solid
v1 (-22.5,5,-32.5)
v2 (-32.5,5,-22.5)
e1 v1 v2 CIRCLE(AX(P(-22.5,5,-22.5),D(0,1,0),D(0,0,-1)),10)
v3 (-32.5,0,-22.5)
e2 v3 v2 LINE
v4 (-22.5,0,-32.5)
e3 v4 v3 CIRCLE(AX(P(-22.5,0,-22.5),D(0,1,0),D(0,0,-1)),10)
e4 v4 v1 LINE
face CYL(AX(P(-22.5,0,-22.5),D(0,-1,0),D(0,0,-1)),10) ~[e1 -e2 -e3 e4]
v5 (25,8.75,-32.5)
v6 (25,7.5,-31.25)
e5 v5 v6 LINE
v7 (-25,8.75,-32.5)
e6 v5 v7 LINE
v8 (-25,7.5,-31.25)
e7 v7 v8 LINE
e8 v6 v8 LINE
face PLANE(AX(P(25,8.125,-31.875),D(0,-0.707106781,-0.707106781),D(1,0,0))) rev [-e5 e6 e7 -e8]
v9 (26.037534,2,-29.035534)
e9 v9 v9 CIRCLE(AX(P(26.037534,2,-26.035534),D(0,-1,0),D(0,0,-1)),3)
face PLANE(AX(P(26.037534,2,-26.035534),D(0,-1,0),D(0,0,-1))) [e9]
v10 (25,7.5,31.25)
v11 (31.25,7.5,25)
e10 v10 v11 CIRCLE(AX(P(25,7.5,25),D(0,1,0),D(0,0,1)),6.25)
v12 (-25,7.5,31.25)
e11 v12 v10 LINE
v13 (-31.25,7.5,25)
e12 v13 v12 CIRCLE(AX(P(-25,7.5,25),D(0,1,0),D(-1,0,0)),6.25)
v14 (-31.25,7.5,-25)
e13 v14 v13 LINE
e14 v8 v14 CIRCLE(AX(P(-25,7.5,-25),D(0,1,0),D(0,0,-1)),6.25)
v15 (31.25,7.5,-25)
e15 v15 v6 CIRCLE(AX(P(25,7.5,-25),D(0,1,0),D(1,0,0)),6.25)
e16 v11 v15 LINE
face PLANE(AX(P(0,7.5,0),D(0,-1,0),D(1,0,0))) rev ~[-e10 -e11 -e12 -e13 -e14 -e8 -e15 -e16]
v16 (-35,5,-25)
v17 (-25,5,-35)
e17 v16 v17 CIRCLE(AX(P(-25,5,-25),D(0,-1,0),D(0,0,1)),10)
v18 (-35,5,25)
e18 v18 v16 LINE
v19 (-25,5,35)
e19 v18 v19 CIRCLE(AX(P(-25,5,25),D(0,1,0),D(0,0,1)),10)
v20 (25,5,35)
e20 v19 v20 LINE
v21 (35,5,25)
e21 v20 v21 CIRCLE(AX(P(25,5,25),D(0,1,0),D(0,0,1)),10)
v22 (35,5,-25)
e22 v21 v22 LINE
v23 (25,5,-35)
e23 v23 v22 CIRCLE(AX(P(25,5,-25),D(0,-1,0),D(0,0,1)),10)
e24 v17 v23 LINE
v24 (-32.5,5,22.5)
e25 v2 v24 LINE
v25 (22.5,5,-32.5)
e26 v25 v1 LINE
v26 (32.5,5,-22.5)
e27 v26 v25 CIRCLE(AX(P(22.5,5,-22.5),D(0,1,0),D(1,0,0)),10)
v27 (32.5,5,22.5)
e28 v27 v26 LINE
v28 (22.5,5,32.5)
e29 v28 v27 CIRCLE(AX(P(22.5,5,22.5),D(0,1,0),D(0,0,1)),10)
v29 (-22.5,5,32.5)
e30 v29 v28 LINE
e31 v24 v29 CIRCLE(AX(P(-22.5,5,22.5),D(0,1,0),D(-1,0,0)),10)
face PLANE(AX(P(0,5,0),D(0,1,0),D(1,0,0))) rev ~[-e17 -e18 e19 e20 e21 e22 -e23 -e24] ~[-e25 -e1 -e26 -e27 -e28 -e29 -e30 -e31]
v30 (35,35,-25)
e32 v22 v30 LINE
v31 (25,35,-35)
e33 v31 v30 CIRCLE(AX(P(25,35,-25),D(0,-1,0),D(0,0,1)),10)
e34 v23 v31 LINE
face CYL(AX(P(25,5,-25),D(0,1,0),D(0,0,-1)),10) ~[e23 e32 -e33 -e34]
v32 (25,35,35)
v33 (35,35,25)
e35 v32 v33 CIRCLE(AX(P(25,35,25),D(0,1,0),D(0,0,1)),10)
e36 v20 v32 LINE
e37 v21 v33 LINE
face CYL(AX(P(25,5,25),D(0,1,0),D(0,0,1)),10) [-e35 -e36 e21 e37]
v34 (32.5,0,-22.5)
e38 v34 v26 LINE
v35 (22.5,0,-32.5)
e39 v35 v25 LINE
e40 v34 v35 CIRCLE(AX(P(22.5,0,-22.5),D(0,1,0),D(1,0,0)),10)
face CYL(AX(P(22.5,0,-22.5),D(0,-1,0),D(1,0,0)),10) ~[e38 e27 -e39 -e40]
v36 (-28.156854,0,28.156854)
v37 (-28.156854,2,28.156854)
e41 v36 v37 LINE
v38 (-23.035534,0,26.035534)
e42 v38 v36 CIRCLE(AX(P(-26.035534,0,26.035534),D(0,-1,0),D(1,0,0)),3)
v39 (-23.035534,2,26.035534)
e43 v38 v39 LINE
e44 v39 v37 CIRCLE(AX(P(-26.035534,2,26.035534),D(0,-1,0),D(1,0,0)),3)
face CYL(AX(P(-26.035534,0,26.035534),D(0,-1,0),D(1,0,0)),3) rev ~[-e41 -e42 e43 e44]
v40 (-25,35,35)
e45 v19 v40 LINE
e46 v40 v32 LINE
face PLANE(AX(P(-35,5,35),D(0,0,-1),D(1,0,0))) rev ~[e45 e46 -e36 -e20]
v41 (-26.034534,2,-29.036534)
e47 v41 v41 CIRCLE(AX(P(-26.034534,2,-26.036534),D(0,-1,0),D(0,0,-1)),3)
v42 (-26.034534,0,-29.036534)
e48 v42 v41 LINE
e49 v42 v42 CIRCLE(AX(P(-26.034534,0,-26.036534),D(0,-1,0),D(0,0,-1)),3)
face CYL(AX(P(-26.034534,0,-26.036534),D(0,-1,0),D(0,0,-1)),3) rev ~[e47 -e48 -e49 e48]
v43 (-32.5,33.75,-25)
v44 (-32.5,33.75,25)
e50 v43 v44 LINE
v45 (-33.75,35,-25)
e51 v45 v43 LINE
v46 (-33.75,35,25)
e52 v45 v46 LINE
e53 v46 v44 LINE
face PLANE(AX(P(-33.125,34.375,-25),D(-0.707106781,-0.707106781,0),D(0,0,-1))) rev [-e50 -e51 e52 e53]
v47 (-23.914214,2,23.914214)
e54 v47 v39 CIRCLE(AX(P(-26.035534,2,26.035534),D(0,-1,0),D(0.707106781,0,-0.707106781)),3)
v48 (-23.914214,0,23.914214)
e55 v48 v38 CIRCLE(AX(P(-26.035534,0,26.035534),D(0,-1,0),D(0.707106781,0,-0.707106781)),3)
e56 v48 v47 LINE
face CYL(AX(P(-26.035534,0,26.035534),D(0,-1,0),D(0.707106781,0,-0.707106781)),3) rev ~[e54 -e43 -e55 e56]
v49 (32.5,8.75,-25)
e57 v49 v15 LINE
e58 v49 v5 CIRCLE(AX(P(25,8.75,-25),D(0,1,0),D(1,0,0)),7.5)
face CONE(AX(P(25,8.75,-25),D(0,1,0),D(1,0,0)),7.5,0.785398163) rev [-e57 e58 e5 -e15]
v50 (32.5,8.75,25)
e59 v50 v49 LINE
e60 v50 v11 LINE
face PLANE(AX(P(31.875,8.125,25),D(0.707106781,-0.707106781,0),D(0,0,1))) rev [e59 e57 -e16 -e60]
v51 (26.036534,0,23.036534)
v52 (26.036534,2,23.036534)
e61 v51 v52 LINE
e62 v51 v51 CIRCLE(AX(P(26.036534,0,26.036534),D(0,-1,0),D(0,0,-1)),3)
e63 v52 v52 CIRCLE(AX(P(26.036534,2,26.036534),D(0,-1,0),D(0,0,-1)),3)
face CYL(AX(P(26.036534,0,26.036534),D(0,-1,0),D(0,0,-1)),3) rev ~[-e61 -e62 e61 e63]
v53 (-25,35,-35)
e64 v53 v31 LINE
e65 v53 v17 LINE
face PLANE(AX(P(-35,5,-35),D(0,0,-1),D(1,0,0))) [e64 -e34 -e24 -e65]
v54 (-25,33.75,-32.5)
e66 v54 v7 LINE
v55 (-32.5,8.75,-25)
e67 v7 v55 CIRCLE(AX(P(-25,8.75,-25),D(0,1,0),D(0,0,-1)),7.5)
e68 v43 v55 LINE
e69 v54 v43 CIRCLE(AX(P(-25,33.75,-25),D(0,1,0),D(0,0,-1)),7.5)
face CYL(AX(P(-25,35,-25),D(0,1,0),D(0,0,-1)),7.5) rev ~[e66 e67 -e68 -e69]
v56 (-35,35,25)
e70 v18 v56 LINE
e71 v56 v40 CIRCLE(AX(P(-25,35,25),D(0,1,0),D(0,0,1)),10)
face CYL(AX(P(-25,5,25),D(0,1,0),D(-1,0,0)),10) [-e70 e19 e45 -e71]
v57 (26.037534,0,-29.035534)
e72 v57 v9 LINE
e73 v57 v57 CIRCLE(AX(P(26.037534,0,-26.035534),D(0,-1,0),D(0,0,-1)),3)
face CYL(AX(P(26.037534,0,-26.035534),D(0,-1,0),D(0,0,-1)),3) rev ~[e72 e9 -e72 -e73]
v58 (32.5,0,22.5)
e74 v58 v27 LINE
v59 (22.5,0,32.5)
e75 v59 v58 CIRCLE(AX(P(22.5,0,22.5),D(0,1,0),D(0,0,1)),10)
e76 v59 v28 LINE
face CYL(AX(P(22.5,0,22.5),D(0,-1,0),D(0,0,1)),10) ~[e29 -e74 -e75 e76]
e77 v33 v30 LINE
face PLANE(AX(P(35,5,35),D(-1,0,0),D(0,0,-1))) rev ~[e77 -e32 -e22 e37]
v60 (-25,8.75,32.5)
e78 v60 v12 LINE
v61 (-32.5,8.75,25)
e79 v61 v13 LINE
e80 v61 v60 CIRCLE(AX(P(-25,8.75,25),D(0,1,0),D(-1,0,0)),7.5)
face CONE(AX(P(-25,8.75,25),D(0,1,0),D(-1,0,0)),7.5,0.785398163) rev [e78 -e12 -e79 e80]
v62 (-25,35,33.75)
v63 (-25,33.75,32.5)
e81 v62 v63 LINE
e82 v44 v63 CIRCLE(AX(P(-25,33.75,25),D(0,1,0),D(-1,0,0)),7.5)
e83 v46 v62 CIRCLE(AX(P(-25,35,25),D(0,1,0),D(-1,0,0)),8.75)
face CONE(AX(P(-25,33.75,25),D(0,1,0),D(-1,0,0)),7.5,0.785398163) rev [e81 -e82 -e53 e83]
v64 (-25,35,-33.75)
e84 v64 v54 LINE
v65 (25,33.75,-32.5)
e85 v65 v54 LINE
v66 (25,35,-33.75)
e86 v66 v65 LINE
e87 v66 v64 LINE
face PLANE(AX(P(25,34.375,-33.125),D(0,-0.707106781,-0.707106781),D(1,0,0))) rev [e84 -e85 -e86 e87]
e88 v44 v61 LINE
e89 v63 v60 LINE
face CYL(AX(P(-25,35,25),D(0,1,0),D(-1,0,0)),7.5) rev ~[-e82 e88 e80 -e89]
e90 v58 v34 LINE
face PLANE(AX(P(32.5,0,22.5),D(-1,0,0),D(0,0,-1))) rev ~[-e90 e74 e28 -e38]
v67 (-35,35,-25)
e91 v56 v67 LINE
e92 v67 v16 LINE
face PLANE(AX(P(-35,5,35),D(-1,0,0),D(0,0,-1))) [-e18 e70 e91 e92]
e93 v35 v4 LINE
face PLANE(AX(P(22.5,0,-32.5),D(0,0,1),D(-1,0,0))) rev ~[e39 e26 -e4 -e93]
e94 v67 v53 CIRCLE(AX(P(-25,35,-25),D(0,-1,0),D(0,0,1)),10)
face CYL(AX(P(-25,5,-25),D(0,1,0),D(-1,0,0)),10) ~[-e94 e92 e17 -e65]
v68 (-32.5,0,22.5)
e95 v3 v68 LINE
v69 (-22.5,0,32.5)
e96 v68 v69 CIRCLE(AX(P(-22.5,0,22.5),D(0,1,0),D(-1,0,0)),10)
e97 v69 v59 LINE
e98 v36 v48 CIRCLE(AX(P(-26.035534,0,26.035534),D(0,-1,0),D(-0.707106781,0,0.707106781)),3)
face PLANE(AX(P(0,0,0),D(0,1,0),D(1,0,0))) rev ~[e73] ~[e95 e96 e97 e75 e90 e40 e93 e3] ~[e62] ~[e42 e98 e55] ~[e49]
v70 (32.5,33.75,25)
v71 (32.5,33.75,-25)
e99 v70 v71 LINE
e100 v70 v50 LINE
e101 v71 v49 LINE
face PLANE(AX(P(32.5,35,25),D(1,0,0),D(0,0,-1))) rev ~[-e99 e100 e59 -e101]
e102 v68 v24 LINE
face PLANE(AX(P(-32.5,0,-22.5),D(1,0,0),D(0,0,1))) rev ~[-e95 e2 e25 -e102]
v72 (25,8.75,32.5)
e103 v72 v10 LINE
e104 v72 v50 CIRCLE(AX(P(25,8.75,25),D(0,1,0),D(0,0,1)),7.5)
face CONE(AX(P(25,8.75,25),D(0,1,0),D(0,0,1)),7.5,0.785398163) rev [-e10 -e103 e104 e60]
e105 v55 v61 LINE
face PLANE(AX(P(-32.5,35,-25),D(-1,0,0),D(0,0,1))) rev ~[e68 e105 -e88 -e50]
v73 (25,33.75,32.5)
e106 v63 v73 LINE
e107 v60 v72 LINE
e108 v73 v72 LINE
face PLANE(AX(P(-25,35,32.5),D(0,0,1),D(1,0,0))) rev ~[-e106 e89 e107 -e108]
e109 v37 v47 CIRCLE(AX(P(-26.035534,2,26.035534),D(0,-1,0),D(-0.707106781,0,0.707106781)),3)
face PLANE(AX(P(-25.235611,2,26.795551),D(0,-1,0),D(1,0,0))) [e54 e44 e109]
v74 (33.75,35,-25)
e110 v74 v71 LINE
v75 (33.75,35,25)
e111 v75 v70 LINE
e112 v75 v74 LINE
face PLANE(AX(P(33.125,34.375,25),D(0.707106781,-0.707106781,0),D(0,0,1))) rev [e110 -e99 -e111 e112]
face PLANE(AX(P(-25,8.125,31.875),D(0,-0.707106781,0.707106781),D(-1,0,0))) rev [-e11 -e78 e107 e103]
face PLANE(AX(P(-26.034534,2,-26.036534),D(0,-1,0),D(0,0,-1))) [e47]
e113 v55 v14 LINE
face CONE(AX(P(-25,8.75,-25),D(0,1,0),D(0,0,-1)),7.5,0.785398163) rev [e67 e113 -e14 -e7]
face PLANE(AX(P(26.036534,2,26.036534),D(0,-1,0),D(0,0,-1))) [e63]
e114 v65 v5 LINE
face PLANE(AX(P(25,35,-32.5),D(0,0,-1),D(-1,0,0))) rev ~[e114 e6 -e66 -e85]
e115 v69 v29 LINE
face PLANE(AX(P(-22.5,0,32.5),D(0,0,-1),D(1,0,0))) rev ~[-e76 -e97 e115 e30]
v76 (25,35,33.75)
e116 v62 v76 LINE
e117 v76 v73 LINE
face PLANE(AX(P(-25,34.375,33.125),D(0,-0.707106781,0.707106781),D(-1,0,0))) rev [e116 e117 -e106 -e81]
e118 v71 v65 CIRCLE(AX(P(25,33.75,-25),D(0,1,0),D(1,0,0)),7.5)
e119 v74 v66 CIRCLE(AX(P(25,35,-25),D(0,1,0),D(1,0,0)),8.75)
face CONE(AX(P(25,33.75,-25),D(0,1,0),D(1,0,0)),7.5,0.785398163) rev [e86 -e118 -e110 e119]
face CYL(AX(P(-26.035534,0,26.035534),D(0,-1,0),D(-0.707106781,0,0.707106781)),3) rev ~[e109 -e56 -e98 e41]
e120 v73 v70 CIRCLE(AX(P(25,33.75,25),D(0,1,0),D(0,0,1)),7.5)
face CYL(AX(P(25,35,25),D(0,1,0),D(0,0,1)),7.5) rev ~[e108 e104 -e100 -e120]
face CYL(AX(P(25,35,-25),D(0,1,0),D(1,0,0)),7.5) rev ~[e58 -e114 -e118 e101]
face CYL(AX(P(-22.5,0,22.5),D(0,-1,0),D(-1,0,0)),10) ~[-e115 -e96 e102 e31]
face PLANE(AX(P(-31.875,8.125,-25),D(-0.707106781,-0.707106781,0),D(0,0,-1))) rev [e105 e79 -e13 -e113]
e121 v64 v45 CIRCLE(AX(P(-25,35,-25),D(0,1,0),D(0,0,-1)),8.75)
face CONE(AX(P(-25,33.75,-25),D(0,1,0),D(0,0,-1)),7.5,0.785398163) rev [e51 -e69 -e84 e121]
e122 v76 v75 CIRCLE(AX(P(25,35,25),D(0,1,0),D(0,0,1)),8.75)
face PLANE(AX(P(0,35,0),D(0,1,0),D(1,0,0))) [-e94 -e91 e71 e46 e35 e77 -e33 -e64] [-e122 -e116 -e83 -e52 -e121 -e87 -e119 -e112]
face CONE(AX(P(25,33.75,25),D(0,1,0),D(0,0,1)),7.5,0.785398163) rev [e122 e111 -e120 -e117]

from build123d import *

# Parameters (mm, degrees)
BOSS_EXTRUDE4_DEPTH = 5
SKETCH6_W           = 70
SKETCH6_H           = 70
BOSS_EXTRUDE5_DEPTH = 30
SKETCH8_R           = 3
CUT_EXTRUDE1_DEPTH  = 2
FILLET1_R           = 10
CUT_EXTRUDE2_DEPTH  = 30
BOSS_EXTRUDE6_DEPTH = 2.5
CHAMFER1_SIZE       = 1.25


with BuildPart() as part:
    # Sketch5 → Boss-Extrude4 (new body)
    with BuildSketch(Plane(origin=(0, 0, 0), x_dir=(1, 0, 0), z_dir=(0, 1, 0))):
        with BuildLine():
            Line((-22.5, -32.5), (22.5, -32.5))
            ThreePointArc((22.5, -32.5), (29.571067812, -29.571067812), (32.5, -22.5))
            Line((32.5, -22.5), (32.5, 22.5))
            ThreePointArc((32.5, 22.5), (29.571067812, 29.571067812), (22.5, 32.5))
            Line((22.5, 32.5), (-22.5, 32.5))
            ThreePointArc((-22.5, 32.5), (-29.571067812, 29.571067812), (-32.5, 22.5))
            Line((-32.5, 22.5), (-32.5, -22.5))
            ThreePointArc((-32.5, -22.5), (-29.571067812, -29.571067812), (-22.5, -32.5))
        make_face()
    extrude(amount=BOSS_EXTRUDE4_DEPTH)

    # Sketch6 → Boss-Extrude5 (add)
    with BuildSketch(Plane(origin=(0, 5, 0), x_dir=(1, 0, 0), z_dir=(0, 1, 0))):
        Rectangle(SKETCH6_W, SKETCH6_H)
    extrude(amount=BOSS_EXTRUDE5_DEPTH)

    # Sketch8 → Cut-Extrude1 (cut)
    with BuildSketch(Plane.XZ):
        with Locations(Location((26.037533906, -26.035533906, 0), (0, 0, 270))):
            Circle(SKETCH8_R)
        with Locations(Location((26.036533906, 26.036533906, 0), (0, 0, 270))):
            Circle(SKETCH8_R)
        with BuildLine():
            ThreePointArc((-23.035533906, 26.035533906), (-24.887483609, 28.807172503), (-28.156854249, 28.156854249))
            Line((-28.156854249, 28.156854249), (-23.914213562, 23.914213562))
            ThreePointArc((-23.914213562, 23.914213562), (-23.263895308, 24.887483609), (-23.035533906, 26.035533906))
        make_face()
        with BuildLine():
            Line((-23.914213562, 23.914213562), (-28.156854249, 28.156854249))
            ThreePointArc((-28.156854249, 28.156854249), (-28.156854249, 23.914213562), (-23.914213562, 23.914213562))
        make_face()
        with Locations(Location((-26.034533906, -26.036533906, 0), (0, 0, 270))):
            Circle(SKETCH8_R)
    extrude(amount=-CUT_EXTRUDE1_DEPTH, mode=Mode.SUBTRACT)

    # Fillet1
    fillet1_edges = [part.edges().sort_by_distance(p)[0] for p in [
        (-35, 20, -35),
        (-35, 20, 35),
        (35, 20, 35),
        (35, 20, -35),
    ]]
    fillet(fillet1_edges, radius=FILLET1_R)

    # Sketch9 → Cut-Extrude2 (cut)
    with BuildSketch(Plane(origin=(0, 35, 0), x_dir=(1, 0, 0), z_dir=(0, 1, 0))):
        with BuildLine():
            Line((25, 32.5), (-25, 32.5))
            ThreePointArc((-25, 32.5), (-30.303300859, 30.303300859), (-32.5, 25))
            Line((-32.5, 25), (-32.5, -25))
            ThreePointArc((-32.5, -25), (-30.303300859, -30.303300859), (-25, -32.5))
            Line((-25, -32.5), (25, -32.5))
            ThreePointArc((25, -32.5), (30.303300859, -30.303300859), (32.5, -25))
            Line((32.5, -25), (32.5, 25))
            ThreePointArc((32.5, 25), (30.303300859, 30.303300859), (25, 32.5))
        make_face()
    extrude(amount=-CUT_EXTRUDE2_DEPTH, mode=Mode.SUBTRACT)


with BuildPart() as cut_extrude2_piece_1:
    # of the separate pieces the step leaves, piece 1, a body of its own (cut_extrude2_pieces)
    add(part.part.solids().sort_by_distance((-22.5, 0, 32.5))[0])



with BuildPart() as cut_extrude2_piece_2:
    # of the separate pieces the step leaves, piece 2, a body of its own (cut_extrude2_pieces)
    add(part.part.solids().sort_by_distance((25, 5, -35))[0])


with BuildPart() as cut_extrude2_piece_1_1:
    add(cut_extrude2_piece_1.part)

    add(cut_extrude2_piece_2.part)  # Boss-Extrude6 merges Cut-Extrude2 piece 2
    # Sketch10 → Boss-Extrude6 (add)
    with BuildSketch(Plane.XZ.offset(-5)):
        with BuildLine():
            Line((-35, 25), (-35, -25))
            ThreePointArc((-35, -25), (-32.071067812, -32.071067812), (-25, -35))
            Line((-25, -35), (25, -35))
            ThreePointArc((25, -35), (32.071067812, -32.071067812), (35, -25))
            Line((35, -25), (35, 25))
            ThreePointArc((35, 25), (32.071067812, 32.071067812), (25, 35))
            Line((25, 35), (-25, 35))
            ThreePointArc((-25, 35), (-32.071067812, 32.071067812), (-35, 25))
        make_face()
    extrude(amount=-BOSS_EXTRUDE6_DEPTH)

    # Chamfer1
    chamfer1_edges = [cut_extrude2_piece_1_1.edges().sort_by_distance(p)[0] for p in [
        (0, 35, -32.5),
        (-30.303300859, 35, -30.303300859),
        (-32.5, 35, 0),
        (-30.303300859, 35, 30.303300859),
        (0, 35, 32.5),
        (30.303300859, 35, 30.303300859),
        (32.5, 35, 0),
        (30.303300859, 7.5, -30.303300859),
        (0, 7.5, -32.5),
        (-30.303300859, 7.5, -30.303300859),
        (-32.5, 7.5, 0),
        (-30.303300859, 7.5, 30.303300859),
        (0, 7.5, 32.5),
        (30.303300859, 7.5, 30.303300859),
        (32.5, 7.5, 0),
        (30.303300859, 35, -30.303300859),
    ]]
    chamfer(chamfer1_edges, length=CHAMFER1_SIZE)


solid = cut_extrude2_piece_1_1.part
